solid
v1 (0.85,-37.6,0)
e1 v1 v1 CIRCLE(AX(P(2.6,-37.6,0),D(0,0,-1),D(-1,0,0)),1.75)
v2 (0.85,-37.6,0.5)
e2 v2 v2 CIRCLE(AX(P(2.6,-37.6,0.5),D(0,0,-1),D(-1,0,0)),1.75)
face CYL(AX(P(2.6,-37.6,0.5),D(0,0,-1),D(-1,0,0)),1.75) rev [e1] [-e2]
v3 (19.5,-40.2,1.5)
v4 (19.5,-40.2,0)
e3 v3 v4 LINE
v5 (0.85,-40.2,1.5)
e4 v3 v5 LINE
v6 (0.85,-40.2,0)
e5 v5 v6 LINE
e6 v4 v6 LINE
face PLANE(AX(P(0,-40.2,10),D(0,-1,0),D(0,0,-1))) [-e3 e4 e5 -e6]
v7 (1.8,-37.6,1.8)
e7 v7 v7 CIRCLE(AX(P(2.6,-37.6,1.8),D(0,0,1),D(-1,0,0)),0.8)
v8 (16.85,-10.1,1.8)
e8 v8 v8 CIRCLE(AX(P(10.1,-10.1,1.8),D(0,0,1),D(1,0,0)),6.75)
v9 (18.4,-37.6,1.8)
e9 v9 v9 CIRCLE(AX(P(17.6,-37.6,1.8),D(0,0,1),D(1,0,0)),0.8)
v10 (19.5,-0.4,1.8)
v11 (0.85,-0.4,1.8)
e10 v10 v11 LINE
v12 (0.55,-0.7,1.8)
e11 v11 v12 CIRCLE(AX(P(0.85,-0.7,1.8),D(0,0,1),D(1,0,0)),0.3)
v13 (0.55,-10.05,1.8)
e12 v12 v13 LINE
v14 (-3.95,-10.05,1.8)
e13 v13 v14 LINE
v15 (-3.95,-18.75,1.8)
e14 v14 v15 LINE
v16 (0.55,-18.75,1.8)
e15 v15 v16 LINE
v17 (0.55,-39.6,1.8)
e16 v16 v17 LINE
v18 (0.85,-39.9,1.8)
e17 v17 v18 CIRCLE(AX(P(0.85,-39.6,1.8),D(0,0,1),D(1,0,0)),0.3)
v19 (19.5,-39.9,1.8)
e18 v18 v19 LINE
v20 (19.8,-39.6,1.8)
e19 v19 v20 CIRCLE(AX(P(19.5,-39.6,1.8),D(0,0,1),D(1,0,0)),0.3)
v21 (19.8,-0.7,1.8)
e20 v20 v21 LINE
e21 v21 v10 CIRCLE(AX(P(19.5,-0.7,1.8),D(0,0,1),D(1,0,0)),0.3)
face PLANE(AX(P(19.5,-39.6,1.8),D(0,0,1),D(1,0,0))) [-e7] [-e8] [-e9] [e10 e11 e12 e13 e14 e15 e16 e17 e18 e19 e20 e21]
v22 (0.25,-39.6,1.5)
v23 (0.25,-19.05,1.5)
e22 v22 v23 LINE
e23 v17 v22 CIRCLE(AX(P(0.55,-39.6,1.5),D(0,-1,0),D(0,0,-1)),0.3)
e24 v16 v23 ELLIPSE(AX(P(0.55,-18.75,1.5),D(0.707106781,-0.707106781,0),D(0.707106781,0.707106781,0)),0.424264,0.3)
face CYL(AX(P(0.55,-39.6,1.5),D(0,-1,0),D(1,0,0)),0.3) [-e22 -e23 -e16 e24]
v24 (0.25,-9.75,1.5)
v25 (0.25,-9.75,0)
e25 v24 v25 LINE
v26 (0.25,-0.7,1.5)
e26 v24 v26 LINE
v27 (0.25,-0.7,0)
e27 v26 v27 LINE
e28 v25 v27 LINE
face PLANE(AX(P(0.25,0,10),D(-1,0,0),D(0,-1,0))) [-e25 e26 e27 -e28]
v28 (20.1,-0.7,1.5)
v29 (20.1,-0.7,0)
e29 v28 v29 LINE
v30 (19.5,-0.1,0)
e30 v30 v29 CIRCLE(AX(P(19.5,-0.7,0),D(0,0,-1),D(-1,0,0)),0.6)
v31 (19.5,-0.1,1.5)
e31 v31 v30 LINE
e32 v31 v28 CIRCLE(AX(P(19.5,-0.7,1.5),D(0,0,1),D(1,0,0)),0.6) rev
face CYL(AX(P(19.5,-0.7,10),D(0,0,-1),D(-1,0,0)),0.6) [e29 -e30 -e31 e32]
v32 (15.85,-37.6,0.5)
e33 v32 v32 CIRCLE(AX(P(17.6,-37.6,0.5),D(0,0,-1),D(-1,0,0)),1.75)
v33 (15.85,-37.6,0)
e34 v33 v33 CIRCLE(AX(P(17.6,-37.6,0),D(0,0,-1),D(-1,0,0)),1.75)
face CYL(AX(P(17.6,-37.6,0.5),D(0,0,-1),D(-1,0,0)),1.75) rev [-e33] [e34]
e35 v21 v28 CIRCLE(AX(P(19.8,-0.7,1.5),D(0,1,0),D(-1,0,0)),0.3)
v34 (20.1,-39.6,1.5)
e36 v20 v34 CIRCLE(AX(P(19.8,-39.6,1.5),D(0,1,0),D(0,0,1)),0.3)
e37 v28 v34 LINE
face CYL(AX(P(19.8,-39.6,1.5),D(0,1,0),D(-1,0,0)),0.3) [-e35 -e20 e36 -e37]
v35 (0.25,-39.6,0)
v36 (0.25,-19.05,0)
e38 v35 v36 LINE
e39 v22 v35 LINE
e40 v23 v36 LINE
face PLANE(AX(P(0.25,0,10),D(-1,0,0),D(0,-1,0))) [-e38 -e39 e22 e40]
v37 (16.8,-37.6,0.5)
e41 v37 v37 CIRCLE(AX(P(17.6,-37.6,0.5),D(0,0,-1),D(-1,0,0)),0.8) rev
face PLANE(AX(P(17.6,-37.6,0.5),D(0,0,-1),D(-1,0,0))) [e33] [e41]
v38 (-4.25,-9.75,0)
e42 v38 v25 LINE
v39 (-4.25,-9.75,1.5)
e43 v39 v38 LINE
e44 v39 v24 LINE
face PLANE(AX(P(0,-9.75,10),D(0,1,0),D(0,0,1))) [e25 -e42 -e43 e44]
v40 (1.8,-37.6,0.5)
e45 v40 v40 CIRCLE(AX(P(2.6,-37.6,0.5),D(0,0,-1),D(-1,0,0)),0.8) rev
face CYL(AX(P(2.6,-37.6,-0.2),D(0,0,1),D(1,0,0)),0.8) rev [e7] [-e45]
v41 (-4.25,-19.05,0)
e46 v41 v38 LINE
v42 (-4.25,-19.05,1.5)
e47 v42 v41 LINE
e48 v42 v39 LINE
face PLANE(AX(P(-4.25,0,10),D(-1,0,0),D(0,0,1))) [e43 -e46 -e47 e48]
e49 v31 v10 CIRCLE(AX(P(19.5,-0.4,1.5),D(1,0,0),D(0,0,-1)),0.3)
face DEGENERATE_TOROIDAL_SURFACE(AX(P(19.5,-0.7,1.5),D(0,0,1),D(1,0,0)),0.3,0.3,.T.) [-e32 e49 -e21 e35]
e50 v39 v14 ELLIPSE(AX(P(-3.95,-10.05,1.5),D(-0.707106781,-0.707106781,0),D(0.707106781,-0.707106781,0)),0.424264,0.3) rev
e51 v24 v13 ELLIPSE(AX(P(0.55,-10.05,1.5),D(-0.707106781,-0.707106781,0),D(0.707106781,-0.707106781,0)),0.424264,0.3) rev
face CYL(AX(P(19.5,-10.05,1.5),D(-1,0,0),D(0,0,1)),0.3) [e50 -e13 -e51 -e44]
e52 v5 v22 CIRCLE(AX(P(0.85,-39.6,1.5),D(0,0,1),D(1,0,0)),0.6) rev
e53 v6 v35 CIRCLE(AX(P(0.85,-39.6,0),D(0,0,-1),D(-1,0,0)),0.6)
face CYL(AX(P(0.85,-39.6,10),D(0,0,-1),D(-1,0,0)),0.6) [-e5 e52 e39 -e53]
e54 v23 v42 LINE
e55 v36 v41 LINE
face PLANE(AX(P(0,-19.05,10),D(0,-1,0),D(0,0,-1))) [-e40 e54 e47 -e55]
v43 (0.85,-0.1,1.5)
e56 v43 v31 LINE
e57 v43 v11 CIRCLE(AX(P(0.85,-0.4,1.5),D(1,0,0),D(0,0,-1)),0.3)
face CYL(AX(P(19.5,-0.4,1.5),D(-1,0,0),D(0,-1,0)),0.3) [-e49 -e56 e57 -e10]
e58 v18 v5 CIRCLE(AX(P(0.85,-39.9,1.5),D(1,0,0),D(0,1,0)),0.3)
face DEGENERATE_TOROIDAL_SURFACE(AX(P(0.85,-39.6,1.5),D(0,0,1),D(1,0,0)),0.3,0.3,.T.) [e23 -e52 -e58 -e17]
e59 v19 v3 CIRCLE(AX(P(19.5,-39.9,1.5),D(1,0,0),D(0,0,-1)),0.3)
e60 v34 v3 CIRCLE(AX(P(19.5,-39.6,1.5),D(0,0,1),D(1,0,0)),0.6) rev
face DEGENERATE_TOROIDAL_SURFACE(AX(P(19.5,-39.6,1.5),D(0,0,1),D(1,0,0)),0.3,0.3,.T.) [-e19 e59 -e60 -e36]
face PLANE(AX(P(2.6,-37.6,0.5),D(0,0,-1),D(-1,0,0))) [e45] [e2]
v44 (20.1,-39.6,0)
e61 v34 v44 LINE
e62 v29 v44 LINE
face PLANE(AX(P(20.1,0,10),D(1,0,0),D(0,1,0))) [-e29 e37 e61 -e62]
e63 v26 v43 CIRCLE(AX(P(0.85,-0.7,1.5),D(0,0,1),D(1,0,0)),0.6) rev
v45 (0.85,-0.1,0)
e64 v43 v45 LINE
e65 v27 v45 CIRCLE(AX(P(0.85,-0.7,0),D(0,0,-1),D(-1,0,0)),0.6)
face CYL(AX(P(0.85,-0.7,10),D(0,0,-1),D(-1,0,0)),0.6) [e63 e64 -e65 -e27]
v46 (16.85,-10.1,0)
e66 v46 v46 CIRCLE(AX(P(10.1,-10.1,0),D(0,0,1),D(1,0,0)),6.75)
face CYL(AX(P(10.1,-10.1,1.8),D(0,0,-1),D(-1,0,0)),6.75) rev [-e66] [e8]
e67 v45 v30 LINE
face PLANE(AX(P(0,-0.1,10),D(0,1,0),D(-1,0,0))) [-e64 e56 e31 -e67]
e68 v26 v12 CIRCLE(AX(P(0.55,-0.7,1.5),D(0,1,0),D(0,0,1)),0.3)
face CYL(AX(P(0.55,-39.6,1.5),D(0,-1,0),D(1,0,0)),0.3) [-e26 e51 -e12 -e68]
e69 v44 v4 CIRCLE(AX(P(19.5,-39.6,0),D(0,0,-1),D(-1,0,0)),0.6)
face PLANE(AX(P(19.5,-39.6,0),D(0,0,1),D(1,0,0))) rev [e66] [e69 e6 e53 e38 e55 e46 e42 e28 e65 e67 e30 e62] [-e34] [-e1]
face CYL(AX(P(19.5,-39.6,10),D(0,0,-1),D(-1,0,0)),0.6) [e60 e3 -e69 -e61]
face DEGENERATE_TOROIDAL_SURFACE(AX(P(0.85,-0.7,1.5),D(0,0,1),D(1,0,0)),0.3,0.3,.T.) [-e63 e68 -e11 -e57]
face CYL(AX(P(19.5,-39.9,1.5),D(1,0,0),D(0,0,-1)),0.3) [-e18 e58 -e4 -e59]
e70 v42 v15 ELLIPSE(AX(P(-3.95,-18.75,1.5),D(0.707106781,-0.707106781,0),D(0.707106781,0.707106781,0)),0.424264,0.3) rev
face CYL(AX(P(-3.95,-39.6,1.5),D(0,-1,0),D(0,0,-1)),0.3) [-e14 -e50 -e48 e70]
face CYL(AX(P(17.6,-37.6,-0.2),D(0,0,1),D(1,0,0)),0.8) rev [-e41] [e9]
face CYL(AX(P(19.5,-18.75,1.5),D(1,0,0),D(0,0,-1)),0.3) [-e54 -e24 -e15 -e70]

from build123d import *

# Parameters (mm, degrees)
SKETCH_1_R          = 6.75
EXTRUDE_1_DEPTH     = 1.8
SKETCH_2_R          = 0.8
CUT_EXTRUDE_1_DEPTH = 2
SKETCH_3_R          = 1.75
CUT_EXTRUDE_2_DEPTH = 0.5
SKETCH_4_W          = 4.5
SKETCH_4_H          = 9.8
EXTRUDE_2_DEPTH     = 1.8
SKETCH_5_R          = 1.75
EXTRUDE_3_DEPTH     = 1.3
SKETCH_6_R          = 1.75
EXTRUDE_4_DEPTH     = 1.8
EXTRUDE_5_DEPTH     = 1.8
CUT_EXTRUDE_3_DEPTH = 10
FILLET_1_R          = 0.7
CUT_EXTRUDE_4_DEPTH = 10
FILLET_2_R          = 0.3


with BuildPart() as part:
    # 草图1 → 凸台-拉伸1 (new body)
    with BuildSketch(Plane.XY):
        with BuildLine():
            Line((0.7, 0), (19.5, 0))
            ThreePointArc((19.5, 0), (19.994974747, -0.205025253), (20.2, -0.7))
            Line((20.2, -0.7), (20.2, -39.6))
            ThreePointArc((20.2, -39.6), (19.994974747, -40.094974747), (19.5, -40.3))
            Line((19.5, -40.3), (0.7, -40.3))
            ThreePointArc((0.7, -40.3), (0.205025253, -40.094974747), (0, -39.6))
            Line((0, -39.6), (0, -0.7))
            ThreePointArc((0, -0.7), (0.205025253, -0.205025253), (0.7, 0))
        make_face()
        with Locations((10.1, -10.1)):
            Circle(SKETCH_1_R, mode=Mode.SUBTRACT)
    extrude(amount=EXTRUDE_1_DEPTH)

    # 草图2 → 切除-拉伸1 (cut)
    with BuildSketch(Plane.XY.offset(1.8)):
        with Locations((17.6, -2.6)):
            Circle(SKETCH_2_R)
        with Locations((17.6, -37.6)):
            Circle(SKETCH_2_R)
        with Locations((2.6, -37.6)):
            Circle(SKETCH_2_R)
        with Locations((2.6, -2.6)):
            Circle(SKETCH_2_R)
    extrude(amount=-CUT_EXTRUDE_1_DEPTH, mode=Mode.SUBTRACT)

    # 草图3 → 切除-拉伸2 (cut)
    with BuildSketch(Plane(origin=(0, 0, 0), x_dir=(-1, 0, 0), z_dir=(0, 0, -1))):
        with Locations((-17.6, -2.6)):
            Circle(SKETCH_3_R)
        with Locations((-2.6, -2.6)):
            Circle(SKETCH_3_R)
        with Locations((-17.6, -37.6)):
            Circle(SKETCH_3_R)
        with Locations((-2.6, -37.6)):
            Circle(SKETCH_3_R)
    extrude(amount=-CUT_EXTRUDE_2_DEPTH, mode=Mode.SUBTRACT)

    # 草图4 → 凸台-拉伸2 (add)
    with BuildSketch(Plane(origin=(0, 0, 0), x_dir=(-1, 0, 0), z_dir=(0, 0, -1))):
        with Locations((2.25, -14.4)):
            Rectangle(SKETCH_4_W, SKETCH_4_H)
    extrude(amount=-EXTRUDE_2_DEPTH)

    # 草图5 → 凸台-拉伸3 (add)
    with BuildSketch(Plane(origin=(0, 0, 0.5), x_dir=(-1, 0, 0), z_dir=(0, 0, -1))):
        with Locations((-2.6, -2.6)):
            Circle(SKETCH_5_R)
        with Locations((-17.6, -2.6)):
            Circle(SKETCH_5_R)
    extrude(amount=-EXTRUDE_3_DEPTH)

    # 草图6 → 凸台-拉伸4 (add)
    with BuildSketch(Plane(origin=(0, 0, 0), x_dir=(-1, 0, 0), z_dir=(0, 0, -1))):
        with Locations((-17.6, -2.6)):
            Circle(SKETCH_6_R)
        with Locations((-2.6, -2.6)):
            Circle(SKETCH_6_R)
    extrude(amount=-EXTRUDE_4_DEPTH)

    # 草图8 → 凸台-拉伸5 (add)
    with BuildSketch(Plane(origin=(0, 0, 0), x_dir=(-1, 0, 0), z_dir=(0, 0, -1))):
        Polygon((-0.7, 0), (0, 0), (0, -0.7), align=None)
        Polygon((-0.7, -40.3), (0, -40.3), (0, -39.6), align=None)
    extrude(amount=-EXTRUDE_5_DEPTH)

    # 草图9 → 切除-拉伸3 (cut)
    with BuildSketch(Plane(origin=(0, 0, 0), x_dir=(-1, 0, 0), z_dir=(0, 0, -1))):
        Polygon((0, -19.3), (0, -40.3), (-0.15, -40.3), (-0.15, -19.15), (4.35, -19.15), (4.35, -9.65), (-0.15, -9.65), (-0.15, 0), (0, 0), (0, -9.5), (4.5, -9.5), (4.5, -19.3), align=None)
    extrude(amount=-CUT_EXTRUDE_3_DEPTH, mode=Mode.SUBTRACT)

    # 圆角1
    fillet_1_edges = [part.edges().sort_by_distance(p)[0] for p in [
        (0.15, -40.3, 0.9),
        (0.15, 0, 0.9),
    ]]
    fillet(fillet_1_edges, radius=FILLET_1_R)

    # 草图10 → 切除-拉伸4 (cut)
    with BuildSketch(Plane(origin=(0, 0, 0), x_dir=(-1, 0, 0), z_dir=(0, 0, -1))):
        with BuildLine():
            ThreePointArc((-20.2, -39.6), (-19.994974747, -40.094974747), (-19.5, -40.3))
            Line((-19.5, -40.3), (-0.85, -40.3))
            ThreePointArc((-0.85, -40.3), (-0.355025253, -40.094974747), (-0.15, -39.6))
            Line((-0.15, -39.6), (-0.15, -19.15))
            Line((-0.15, -19.15), (4.35, -19.15))
            Line((4.35, -19.15), (4.35, -9.65))
            Line((4.35, -9.65), (-0.15, -9.65))
            Line((-0.15, -9.65), (-0.15, -0.7))
            ThreePointArc((-0.15, -0.7), (-0.355025253, -0.205025253), (-0.85, 0))
            Line((-0.85, 0), (-19.5, 0))
            ThreePointArc((-19.5, 0), (-19.994974747, -0.205025253), (-20.2, -0.7))
            Line((-20.2, -0.7), (-20.2, -39.6))
        make_face()
        with BuildLine():
            ThreePointArc((-20.1, -39.6), (-19.924264069, -40.024264069), (-19.5, -40.2))
            Line((-19.5, -40.2), (-0.85, -40.2))
            ThreePointArc((-0.85, -40.2), (-0.425735931, -40.024264069), (-0.25, -39.6))
            Line((-0.25, -39.6), (-0.25, -19.05))
            Line((-0.25, -19.05), (4.25, -19.05))
            Line((4.25, -19.05), (4.25, -9.75))
            Line((4.25, -9.75), (-0.25, -9.75))
            Line((-0.25, -9.75), (-0.25, -0.7))
            ThreePointArc((-0.25, -0.7), (-0.425735931, -0.275735931), (-0.85, -0.1))
            Line((-0.85, -0.1), (-19.5, -0.1))
            ThreePointArc((-19.5, -0.1), (-19.924264069, -0.275735931), (-20.1, -0.7))
            Line((-20.1, -0.7), (-20.1, -39.6))
        make_face(mode=Mode.SUBTRACT)
    extrude(amount=-CUT_EXTRUDE_4_DEPTH, mode=Mode.SUBTRACT)

    # 圆角2
    fillet_2_edges = [part.edges().sort_by_distance(p)[0] for p in [
        (19.924264069, -40.024264069, 1.8),
        (10.175, -40.2, 1.8),
        (0.425735931, -40.024264069, 1.8),
        (0.25, -29.325, 1.8),
        (-2, -19.05, 1.8),
        (-4.25, -14.4, 1.8),
        (-2, -9.75, 1.8),
        (0.25, -5.225, 1.8),
        (0.425735931, -0.275735931, 1.8),
        (10.175, -0.1, 1.8),
        (19.924264069, -0.275735931, 1.8),
        (20.1, -20.15, 1.8),
    ]]
    fillet(fillet_2_edges, radius=FILLET_2_R)


solid = part.part
